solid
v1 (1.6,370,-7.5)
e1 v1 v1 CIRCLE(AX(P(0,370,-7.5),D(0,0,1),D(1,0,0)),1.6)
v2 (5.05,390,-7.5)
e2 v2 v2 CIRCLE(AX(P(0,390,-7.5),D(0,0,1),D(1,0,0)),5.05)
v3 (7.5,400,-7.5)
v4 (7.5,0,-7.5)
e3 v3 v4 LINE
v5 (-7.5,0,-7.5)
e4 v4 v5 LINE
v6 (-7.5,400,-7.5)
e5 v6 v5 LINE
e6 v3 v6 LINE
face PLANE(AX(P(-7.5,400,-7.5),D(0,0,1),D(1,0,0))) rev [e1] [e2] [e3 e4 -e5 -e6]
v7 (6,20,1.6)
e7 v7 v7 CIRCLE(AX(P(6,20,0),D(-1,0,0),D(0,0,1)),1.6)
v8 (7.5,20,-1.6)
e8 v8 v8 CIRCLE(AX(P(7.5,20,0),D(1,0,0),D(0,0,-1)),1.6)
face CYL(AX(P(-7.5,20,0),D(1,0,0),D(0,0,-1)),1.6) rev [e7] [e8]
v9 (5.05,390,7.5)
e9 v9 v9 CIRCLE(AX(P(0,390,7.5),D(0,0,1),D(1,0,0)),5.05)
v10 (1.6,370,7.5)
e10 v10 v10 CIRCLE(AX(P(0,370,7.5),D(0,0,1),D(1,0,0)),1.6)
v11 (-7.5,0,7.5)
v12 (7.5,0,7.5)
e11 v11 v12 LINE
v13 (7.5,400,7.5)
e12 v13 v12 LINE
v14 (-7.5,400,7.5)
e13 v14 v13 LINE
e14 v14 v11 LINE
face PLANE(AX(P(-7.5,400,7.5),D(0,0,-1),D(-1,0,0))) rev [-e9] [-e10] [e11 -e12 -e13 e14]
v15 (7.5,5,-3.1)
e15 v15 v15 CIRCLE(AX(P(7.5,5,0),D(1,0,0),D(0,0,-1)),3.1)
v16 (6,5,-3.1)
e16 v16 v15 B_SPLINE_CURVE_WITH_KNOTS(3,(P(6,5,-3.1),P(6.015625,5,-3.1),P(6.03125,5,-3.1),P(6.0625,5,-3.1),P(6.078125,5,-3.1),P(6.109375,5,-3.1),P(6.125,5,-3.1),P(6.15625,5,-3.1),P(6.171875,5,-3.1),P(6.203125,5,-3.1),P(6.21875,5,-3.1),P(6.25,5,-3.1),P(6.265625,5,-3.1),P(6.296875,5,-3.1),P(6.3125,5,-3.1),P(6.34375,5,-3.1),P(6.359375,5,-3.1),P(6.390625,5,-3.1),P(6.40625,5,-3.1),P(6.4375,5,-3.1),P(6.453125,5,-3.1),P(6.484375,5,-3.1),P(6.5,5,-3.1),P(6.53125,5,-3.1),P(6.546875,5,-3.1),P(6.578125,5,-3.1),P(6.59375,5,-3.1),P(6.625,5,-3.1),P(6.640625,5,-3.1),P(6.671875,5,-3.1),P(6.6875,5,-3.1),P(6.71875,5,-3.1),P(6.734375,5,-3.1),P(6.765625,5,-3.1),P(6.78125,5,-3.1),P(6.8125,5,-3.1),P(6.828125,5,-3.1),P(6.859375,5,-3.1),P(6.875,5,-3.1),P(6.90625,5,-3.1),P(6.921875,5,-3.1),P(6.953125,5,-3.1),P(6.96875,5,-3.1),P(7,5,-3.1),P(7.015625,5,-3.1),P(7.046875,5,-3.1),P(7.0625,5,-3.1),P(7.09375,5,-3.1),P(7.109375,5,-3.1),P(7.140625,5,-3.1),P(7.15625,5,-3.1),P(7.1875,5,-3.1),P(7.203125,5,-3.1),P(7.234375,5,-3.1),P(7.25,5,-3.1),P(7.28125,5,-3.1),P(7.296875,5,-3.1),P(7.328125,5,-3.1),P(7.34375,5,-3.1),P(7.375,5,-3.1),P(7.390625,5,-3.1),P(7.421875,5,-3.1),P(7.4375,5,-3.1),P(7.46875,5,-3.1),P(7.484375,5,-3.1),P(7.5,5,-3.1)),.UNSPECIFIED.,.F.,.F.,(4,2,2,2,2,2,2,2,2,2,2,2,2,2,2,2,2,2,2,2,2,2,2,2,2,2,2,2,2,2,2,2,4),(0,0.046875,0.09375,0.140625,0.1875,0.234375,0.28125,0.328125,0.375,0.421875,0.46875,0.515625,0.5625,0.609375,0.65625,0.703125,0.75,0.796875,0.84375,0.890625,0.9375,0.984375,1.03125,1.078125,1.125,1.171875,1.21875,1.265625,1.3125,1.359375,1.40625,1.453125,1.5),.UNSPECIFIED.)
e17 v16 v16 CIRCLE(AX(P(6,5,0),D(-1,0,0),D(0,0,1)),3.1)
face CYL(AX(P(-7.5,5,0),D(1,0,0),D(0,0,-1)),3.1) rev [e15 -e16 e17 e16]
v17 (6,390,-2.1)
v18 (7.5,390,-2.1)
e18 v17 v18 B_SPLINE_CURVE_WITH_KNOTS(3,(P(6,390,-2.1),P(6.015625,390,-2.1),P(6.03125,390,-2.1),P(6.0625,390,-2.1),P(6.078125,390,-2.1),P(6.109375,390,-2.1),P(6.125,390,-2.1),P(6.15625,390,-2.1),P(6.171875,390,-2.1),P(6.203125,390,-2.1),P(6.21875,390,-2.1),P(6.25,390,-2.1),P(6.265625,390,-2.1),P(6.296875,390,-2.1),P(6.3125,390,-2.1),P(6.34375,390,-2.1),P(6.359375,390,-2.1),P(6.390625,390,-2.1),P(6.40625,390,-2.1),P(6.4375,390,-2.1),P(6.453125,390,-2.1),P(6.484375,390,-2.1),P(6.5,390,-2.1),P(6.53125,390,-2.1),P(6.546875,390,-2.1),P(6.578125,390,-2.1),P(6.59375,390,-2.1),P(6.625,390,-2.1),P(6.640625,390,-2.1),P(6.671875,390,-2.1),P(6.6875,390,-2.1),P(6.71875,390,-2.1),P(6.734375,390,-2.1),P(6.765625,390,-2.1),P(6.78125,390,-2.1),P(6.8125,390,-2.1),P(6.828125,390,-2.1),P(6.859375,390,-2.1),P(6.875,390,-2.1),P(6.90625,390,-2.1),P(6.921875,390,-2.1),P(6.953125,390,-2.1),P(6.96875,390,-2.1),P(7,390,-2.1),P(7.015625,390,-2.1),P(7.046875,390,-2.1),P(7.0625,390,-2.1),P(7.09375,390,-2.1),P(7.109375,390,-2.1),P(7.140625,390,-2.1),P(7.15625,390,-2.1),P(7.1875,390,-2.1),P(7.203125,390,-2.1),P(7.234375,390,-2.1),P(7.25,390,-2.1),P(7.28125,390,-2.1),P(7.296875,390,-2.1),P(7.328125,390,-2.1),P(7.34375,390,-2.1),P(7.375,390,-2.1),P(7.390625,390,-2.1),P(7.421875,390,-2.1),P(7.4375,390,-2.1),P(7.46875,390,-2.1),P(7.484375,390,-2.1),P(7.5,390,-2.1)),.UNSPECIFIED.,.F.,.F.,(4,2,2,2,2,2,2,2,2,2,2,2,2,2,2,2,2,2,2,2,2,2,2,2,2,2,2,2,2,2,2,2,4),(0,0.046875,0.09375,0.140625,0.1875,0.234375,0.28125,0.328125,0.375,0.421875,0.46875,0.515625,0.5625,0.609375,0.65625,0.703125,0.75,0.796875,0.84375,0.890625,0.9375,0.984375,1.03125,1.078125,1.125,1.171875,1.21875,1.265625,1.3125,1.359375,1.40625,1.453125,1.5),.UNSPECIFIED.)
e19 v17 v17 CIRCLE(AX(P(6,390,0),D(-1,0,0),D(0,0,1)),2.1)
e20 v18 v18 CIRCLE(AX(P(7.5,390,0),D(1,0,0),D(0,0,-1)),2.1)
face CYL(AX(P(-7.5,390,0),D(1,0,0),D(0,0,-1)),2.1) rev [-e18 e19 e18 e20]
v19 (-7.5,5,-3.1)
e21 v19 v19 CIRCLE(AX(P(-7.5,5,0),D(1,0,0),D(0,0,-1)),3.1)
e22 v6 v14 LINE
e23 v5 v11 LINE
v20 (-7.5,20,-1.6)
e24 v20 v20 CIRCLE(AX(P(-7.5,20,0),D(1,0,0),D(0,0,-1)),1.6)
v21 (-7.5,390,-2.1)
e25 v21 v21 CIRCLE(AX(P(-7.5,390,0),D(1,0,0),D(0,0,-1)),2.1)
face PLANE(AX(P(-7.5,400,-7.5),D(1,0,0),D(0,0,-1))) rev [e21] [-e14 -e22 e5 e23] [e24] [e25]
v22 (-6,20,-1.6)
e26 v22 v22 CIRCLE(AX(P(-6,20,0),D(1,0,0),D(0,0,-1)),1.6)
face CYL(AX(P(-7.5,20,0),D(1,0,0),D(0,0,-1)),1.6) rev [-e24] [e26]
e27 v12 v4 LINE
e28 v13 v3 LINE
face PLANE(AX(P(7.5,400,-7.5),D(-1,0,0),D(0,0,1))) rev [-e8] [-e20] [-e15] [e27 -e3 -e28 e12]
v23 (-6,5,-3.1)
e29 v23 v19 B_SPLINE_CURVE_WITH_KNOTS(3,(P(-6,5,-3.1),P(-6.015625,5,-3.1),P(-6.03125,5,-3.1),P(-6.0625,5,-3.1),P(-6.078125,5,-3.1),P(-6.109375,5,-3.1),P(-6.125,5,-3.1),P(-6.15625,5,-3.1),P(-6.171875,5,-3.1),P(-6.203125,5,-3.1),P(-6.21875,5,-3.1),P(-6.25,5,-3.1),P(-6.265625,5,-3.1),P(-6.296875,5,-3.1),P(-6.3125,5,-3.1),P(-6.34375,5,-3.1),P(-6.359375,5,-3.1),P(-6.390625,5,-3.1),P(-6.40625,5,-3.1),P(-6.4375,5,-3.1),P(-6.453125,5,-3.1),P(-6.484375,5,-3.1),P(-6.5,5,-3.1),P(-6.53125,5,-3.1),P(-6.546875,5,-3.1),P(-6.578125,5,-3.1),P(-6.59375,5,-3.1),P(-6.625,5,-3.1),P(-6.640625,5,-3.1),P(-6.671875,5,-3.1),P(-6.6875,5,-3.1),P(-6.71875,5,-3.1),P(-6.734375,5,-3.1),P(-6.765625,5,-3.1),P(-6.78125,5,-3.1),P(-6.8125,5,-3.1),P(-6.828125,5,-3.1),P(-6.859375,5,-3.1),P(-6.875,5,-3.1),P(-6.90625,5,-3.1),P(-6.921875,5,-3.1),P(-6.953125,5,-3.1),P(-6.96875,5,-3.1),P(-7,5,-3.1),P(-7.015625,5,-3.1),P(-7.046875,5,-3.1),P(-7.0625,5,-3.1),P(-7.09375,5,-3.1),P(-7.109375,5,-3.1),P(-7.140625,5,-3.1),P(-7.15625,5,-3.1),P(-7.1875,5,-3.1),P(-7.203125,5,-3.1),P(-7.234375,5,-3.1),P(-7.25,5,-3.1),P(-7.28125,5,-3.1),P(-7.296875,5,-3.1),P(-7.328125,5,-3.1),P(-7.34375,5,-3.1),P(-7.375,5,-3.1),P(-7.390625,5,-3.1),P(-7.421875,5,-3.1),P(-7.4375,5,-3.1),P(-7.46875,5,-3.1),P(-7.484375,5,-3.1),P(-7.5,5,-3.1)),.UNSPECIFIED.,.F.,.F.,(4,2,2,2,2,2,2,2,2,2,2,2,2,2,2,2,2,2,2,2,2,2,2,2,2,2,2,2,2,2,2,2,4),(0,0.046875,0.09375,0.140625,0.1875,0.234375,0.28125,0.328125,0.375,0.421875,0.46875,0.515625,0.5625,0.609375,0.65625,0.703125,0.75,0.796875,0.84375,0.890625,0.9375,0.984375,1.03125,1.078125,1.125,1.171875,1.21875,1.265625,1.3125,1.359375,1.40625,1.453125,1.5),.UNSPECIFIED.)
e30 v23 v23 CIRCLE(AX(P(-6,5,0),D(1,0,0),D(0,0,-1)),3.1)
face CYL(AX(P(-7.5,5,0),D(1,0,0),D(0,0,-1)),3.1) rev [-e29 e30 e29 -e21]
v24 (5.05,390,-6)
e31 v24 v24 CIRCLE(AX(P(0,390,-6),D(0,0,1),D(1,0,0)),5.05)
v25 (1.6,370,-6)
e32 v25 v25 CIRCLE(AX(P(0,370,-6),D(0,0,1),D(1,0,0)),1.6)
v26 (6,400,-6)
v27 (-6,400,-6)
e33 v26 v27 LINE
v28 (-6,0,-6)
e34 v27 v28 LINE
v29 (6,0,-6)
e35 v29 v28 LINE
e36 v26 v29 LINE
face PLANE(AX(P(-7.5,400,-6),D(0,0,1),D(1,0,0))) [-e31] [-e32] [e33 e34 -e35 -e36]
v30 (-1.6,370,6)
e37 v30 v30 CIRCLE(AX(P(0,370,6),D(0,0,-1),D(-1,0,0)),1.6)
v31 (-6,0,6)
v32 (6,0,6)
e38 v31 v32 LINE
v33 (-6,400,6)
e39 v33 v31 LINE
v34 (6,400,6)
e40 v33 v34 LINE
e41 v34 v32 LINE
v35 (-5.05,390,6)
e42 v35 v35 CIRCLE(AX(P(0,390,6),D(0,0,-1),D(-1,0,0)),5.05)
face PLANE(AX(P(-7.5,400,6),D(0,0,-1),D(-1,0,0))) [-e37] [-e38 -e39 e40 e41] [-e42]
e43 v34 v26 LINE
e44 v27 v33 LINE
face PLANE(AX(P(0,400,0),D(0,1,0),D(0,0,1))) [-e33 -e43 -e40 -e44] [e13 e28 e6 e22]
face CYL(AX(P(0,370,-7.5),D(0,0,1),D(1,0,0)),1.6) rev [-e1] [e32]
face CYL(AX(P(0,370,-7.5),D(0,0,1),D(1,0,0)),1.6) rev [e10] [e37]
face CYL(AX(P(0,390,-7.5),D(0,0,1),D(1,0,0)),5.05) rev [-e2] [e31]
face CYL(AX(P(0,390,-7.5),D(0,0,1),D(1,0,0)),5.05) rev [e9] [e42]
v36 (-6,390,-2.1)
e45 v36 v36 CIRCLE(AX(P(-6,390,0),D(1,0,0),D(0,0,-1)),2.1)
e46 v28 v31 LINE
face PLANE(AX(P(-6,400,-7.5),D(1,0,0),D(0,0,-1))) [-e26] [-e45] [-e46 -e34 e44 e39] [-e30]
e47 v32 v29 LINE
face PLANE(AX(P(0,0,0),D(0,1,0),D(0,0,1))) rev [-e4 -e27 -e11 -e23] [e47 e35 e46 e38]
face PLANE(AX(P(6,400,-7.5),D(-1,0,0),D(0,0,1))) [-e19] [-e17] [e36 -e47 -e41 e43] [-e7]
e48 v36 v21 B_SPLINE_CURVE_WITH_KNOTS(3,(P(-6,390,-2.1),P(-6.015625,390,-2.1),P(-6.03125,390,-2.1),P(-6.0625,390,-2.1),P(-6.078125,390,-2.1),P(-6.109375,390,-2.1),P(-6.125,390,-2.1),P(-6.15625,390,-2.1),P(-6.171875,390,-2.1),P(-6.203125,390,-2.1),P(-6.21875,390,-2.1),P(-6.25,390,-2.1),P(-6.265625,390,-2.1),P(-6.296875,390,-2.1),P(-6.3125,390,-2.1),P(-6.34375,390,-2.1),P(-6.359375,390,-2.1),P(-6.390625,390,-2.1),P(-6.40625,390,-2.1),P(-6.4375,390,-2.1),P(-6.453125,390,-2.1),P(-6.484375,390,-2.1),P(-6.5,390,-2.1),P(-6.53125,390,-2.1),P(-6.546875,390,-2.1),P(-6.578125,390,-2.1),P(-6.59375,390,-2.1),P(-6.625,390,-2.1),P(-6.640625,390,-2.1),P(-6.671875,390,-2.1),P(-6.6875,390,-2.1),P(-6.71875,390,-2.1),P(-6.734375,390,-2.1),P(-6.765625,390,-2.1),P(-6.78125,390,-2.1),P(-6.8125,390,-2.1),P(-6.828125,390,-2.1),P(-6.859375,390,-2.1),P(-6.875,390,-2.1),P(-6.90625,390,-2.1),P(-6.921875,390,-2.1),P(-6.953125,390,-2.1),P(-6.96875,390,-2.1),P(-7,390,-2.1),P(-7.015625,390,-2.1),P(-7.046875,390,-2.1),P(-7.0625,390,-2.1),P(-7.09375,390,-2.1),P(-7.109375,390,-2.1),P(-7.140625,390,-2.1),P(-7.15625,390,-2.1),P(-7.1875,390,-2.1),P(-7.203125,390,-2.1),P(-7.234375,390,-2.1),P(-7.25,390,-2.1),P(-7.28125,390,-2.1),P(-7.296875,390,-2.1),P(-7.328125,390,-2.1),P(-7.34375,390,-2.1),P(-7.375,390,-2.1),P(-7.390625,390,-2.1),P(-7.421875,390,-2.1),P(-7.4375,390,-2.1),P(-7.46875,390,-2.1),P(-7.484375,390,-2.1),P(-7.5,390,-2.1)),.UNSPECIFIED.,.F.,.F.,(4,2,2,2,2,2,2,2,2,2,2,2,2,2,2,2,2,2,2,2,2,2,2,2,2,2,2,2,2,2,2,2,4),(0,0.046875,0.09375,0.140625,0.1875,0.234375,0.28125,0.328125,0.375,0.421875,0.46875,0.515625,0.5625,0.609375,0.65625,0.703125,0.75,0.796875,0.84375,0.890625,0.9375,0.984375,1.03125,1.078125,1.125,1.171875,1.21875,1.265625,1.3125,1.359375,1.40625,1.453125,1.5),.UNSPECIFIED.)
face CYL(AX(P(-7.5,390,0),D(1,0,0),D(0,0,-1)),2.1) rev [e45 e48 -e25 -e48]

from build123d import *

# Parameters (mm, degrees)
SKETCH_1_W          = 15
SKETCH_1_H          = 15
SKETCH_1_W_2        = 12
SKETCH_1_H_2        = 12
EXTRUDE_1_DEPTH     = 400
SKETCH_2_R          = 5.05
SKETCH_2_R_2        = 1.6
CUT_EXTRUDE_1_DEPTH = 401.35140814
SKETCH_3_R          = 2.1
CUT_EXTRUDE_2_DEPTH = 401.35140814
SKETCH_4_R          = 3.1
CUT_EXTRUDE_3_DEPTH = 401.35140814
SKETCH_5_R          = 3.1
SKETCH_5_R_2        = 1.6
CUT_EXTRUDE_4_DEPTH = 401.35140814


with BuildPart() as part:
    # ｽｹｯﾁ1 → 押し出し-薄板1 (new body)
    with BuildSketch(Plane(origin=(0, 0, 0), x_dir=(1, 0, 0), z_dir=(0, 1, 0))):
        Rectangle(SKETCH_1_W, SKETCH_1_H)
        Rectangle(SKETCH_1_W_2, SKETCH_1_H_2, mode=Mode.SUBTRACT)
    extrude(amount=EXTRUDE_1_DEPTH)

    # ｽｹｯﾁ2 → ｶｯﾄ - 押し出し1 (cut, through all)
    with BuildSketch(Plane.XY.offset(7.5)):
        with Locations((0, 390)):
            Circle(SKETCH_2_R)
        with Locations((0, 370)):
            Circle(SKETCH_2_R_2)
    extrude(amount=-CUT_EXTRUDE_1_DEPTH, mode=Mode.SUBTRACT)

    # ｽｹｯﾁ3 → ｶｯﾄ - 押し出し2 (cut, through all)
    with BuildSketch(Plane(origin=(7.5, 0, 0), x_dir=(0, 0, -1), z_dir=(1, 0, 0))):
        with Locations((0, 390)):
            Circle(SKETCH_3_R)
    extrude(amount=-CUT_EXTRUDE_2_DEPTH, mode=Mode.SUBTRACT)

    # ｽｹｯﾁ4 → ｶｯﾄ - 押し出し3 (cut, through all)
    with BuildSketch(Plane(origin=(7.5, 0, 0), x_dir=(0, 0, -1), z_dir=(1, 0, 0))):
        with Locations((0, 5)):
            Circle(SKETCH_4_R)
    extrude(amount=-CUT_EXTRUDE_3_DEPTH, mode=Mode.SUBTRACT)

    # ｽｹｯﾁ5 → ｶｯﾄ - 押し出し4 (cut, through all)
    with BuildSketch(Plane(origin=(7.5, 0, 0), x_dir=(0, 0, -1), z_dir=(1, 0, 0))):
        with Locations((0, 5)):
            Circle(SKETCH_5_R)
        with Locations((0, 20)):
            Circle(SKETCH_5_R_2)
    extrude(amount=-CUT_EXTRUDE_4_DEPTH, mode=Mode.SUBTRACT)


solid = part.part
